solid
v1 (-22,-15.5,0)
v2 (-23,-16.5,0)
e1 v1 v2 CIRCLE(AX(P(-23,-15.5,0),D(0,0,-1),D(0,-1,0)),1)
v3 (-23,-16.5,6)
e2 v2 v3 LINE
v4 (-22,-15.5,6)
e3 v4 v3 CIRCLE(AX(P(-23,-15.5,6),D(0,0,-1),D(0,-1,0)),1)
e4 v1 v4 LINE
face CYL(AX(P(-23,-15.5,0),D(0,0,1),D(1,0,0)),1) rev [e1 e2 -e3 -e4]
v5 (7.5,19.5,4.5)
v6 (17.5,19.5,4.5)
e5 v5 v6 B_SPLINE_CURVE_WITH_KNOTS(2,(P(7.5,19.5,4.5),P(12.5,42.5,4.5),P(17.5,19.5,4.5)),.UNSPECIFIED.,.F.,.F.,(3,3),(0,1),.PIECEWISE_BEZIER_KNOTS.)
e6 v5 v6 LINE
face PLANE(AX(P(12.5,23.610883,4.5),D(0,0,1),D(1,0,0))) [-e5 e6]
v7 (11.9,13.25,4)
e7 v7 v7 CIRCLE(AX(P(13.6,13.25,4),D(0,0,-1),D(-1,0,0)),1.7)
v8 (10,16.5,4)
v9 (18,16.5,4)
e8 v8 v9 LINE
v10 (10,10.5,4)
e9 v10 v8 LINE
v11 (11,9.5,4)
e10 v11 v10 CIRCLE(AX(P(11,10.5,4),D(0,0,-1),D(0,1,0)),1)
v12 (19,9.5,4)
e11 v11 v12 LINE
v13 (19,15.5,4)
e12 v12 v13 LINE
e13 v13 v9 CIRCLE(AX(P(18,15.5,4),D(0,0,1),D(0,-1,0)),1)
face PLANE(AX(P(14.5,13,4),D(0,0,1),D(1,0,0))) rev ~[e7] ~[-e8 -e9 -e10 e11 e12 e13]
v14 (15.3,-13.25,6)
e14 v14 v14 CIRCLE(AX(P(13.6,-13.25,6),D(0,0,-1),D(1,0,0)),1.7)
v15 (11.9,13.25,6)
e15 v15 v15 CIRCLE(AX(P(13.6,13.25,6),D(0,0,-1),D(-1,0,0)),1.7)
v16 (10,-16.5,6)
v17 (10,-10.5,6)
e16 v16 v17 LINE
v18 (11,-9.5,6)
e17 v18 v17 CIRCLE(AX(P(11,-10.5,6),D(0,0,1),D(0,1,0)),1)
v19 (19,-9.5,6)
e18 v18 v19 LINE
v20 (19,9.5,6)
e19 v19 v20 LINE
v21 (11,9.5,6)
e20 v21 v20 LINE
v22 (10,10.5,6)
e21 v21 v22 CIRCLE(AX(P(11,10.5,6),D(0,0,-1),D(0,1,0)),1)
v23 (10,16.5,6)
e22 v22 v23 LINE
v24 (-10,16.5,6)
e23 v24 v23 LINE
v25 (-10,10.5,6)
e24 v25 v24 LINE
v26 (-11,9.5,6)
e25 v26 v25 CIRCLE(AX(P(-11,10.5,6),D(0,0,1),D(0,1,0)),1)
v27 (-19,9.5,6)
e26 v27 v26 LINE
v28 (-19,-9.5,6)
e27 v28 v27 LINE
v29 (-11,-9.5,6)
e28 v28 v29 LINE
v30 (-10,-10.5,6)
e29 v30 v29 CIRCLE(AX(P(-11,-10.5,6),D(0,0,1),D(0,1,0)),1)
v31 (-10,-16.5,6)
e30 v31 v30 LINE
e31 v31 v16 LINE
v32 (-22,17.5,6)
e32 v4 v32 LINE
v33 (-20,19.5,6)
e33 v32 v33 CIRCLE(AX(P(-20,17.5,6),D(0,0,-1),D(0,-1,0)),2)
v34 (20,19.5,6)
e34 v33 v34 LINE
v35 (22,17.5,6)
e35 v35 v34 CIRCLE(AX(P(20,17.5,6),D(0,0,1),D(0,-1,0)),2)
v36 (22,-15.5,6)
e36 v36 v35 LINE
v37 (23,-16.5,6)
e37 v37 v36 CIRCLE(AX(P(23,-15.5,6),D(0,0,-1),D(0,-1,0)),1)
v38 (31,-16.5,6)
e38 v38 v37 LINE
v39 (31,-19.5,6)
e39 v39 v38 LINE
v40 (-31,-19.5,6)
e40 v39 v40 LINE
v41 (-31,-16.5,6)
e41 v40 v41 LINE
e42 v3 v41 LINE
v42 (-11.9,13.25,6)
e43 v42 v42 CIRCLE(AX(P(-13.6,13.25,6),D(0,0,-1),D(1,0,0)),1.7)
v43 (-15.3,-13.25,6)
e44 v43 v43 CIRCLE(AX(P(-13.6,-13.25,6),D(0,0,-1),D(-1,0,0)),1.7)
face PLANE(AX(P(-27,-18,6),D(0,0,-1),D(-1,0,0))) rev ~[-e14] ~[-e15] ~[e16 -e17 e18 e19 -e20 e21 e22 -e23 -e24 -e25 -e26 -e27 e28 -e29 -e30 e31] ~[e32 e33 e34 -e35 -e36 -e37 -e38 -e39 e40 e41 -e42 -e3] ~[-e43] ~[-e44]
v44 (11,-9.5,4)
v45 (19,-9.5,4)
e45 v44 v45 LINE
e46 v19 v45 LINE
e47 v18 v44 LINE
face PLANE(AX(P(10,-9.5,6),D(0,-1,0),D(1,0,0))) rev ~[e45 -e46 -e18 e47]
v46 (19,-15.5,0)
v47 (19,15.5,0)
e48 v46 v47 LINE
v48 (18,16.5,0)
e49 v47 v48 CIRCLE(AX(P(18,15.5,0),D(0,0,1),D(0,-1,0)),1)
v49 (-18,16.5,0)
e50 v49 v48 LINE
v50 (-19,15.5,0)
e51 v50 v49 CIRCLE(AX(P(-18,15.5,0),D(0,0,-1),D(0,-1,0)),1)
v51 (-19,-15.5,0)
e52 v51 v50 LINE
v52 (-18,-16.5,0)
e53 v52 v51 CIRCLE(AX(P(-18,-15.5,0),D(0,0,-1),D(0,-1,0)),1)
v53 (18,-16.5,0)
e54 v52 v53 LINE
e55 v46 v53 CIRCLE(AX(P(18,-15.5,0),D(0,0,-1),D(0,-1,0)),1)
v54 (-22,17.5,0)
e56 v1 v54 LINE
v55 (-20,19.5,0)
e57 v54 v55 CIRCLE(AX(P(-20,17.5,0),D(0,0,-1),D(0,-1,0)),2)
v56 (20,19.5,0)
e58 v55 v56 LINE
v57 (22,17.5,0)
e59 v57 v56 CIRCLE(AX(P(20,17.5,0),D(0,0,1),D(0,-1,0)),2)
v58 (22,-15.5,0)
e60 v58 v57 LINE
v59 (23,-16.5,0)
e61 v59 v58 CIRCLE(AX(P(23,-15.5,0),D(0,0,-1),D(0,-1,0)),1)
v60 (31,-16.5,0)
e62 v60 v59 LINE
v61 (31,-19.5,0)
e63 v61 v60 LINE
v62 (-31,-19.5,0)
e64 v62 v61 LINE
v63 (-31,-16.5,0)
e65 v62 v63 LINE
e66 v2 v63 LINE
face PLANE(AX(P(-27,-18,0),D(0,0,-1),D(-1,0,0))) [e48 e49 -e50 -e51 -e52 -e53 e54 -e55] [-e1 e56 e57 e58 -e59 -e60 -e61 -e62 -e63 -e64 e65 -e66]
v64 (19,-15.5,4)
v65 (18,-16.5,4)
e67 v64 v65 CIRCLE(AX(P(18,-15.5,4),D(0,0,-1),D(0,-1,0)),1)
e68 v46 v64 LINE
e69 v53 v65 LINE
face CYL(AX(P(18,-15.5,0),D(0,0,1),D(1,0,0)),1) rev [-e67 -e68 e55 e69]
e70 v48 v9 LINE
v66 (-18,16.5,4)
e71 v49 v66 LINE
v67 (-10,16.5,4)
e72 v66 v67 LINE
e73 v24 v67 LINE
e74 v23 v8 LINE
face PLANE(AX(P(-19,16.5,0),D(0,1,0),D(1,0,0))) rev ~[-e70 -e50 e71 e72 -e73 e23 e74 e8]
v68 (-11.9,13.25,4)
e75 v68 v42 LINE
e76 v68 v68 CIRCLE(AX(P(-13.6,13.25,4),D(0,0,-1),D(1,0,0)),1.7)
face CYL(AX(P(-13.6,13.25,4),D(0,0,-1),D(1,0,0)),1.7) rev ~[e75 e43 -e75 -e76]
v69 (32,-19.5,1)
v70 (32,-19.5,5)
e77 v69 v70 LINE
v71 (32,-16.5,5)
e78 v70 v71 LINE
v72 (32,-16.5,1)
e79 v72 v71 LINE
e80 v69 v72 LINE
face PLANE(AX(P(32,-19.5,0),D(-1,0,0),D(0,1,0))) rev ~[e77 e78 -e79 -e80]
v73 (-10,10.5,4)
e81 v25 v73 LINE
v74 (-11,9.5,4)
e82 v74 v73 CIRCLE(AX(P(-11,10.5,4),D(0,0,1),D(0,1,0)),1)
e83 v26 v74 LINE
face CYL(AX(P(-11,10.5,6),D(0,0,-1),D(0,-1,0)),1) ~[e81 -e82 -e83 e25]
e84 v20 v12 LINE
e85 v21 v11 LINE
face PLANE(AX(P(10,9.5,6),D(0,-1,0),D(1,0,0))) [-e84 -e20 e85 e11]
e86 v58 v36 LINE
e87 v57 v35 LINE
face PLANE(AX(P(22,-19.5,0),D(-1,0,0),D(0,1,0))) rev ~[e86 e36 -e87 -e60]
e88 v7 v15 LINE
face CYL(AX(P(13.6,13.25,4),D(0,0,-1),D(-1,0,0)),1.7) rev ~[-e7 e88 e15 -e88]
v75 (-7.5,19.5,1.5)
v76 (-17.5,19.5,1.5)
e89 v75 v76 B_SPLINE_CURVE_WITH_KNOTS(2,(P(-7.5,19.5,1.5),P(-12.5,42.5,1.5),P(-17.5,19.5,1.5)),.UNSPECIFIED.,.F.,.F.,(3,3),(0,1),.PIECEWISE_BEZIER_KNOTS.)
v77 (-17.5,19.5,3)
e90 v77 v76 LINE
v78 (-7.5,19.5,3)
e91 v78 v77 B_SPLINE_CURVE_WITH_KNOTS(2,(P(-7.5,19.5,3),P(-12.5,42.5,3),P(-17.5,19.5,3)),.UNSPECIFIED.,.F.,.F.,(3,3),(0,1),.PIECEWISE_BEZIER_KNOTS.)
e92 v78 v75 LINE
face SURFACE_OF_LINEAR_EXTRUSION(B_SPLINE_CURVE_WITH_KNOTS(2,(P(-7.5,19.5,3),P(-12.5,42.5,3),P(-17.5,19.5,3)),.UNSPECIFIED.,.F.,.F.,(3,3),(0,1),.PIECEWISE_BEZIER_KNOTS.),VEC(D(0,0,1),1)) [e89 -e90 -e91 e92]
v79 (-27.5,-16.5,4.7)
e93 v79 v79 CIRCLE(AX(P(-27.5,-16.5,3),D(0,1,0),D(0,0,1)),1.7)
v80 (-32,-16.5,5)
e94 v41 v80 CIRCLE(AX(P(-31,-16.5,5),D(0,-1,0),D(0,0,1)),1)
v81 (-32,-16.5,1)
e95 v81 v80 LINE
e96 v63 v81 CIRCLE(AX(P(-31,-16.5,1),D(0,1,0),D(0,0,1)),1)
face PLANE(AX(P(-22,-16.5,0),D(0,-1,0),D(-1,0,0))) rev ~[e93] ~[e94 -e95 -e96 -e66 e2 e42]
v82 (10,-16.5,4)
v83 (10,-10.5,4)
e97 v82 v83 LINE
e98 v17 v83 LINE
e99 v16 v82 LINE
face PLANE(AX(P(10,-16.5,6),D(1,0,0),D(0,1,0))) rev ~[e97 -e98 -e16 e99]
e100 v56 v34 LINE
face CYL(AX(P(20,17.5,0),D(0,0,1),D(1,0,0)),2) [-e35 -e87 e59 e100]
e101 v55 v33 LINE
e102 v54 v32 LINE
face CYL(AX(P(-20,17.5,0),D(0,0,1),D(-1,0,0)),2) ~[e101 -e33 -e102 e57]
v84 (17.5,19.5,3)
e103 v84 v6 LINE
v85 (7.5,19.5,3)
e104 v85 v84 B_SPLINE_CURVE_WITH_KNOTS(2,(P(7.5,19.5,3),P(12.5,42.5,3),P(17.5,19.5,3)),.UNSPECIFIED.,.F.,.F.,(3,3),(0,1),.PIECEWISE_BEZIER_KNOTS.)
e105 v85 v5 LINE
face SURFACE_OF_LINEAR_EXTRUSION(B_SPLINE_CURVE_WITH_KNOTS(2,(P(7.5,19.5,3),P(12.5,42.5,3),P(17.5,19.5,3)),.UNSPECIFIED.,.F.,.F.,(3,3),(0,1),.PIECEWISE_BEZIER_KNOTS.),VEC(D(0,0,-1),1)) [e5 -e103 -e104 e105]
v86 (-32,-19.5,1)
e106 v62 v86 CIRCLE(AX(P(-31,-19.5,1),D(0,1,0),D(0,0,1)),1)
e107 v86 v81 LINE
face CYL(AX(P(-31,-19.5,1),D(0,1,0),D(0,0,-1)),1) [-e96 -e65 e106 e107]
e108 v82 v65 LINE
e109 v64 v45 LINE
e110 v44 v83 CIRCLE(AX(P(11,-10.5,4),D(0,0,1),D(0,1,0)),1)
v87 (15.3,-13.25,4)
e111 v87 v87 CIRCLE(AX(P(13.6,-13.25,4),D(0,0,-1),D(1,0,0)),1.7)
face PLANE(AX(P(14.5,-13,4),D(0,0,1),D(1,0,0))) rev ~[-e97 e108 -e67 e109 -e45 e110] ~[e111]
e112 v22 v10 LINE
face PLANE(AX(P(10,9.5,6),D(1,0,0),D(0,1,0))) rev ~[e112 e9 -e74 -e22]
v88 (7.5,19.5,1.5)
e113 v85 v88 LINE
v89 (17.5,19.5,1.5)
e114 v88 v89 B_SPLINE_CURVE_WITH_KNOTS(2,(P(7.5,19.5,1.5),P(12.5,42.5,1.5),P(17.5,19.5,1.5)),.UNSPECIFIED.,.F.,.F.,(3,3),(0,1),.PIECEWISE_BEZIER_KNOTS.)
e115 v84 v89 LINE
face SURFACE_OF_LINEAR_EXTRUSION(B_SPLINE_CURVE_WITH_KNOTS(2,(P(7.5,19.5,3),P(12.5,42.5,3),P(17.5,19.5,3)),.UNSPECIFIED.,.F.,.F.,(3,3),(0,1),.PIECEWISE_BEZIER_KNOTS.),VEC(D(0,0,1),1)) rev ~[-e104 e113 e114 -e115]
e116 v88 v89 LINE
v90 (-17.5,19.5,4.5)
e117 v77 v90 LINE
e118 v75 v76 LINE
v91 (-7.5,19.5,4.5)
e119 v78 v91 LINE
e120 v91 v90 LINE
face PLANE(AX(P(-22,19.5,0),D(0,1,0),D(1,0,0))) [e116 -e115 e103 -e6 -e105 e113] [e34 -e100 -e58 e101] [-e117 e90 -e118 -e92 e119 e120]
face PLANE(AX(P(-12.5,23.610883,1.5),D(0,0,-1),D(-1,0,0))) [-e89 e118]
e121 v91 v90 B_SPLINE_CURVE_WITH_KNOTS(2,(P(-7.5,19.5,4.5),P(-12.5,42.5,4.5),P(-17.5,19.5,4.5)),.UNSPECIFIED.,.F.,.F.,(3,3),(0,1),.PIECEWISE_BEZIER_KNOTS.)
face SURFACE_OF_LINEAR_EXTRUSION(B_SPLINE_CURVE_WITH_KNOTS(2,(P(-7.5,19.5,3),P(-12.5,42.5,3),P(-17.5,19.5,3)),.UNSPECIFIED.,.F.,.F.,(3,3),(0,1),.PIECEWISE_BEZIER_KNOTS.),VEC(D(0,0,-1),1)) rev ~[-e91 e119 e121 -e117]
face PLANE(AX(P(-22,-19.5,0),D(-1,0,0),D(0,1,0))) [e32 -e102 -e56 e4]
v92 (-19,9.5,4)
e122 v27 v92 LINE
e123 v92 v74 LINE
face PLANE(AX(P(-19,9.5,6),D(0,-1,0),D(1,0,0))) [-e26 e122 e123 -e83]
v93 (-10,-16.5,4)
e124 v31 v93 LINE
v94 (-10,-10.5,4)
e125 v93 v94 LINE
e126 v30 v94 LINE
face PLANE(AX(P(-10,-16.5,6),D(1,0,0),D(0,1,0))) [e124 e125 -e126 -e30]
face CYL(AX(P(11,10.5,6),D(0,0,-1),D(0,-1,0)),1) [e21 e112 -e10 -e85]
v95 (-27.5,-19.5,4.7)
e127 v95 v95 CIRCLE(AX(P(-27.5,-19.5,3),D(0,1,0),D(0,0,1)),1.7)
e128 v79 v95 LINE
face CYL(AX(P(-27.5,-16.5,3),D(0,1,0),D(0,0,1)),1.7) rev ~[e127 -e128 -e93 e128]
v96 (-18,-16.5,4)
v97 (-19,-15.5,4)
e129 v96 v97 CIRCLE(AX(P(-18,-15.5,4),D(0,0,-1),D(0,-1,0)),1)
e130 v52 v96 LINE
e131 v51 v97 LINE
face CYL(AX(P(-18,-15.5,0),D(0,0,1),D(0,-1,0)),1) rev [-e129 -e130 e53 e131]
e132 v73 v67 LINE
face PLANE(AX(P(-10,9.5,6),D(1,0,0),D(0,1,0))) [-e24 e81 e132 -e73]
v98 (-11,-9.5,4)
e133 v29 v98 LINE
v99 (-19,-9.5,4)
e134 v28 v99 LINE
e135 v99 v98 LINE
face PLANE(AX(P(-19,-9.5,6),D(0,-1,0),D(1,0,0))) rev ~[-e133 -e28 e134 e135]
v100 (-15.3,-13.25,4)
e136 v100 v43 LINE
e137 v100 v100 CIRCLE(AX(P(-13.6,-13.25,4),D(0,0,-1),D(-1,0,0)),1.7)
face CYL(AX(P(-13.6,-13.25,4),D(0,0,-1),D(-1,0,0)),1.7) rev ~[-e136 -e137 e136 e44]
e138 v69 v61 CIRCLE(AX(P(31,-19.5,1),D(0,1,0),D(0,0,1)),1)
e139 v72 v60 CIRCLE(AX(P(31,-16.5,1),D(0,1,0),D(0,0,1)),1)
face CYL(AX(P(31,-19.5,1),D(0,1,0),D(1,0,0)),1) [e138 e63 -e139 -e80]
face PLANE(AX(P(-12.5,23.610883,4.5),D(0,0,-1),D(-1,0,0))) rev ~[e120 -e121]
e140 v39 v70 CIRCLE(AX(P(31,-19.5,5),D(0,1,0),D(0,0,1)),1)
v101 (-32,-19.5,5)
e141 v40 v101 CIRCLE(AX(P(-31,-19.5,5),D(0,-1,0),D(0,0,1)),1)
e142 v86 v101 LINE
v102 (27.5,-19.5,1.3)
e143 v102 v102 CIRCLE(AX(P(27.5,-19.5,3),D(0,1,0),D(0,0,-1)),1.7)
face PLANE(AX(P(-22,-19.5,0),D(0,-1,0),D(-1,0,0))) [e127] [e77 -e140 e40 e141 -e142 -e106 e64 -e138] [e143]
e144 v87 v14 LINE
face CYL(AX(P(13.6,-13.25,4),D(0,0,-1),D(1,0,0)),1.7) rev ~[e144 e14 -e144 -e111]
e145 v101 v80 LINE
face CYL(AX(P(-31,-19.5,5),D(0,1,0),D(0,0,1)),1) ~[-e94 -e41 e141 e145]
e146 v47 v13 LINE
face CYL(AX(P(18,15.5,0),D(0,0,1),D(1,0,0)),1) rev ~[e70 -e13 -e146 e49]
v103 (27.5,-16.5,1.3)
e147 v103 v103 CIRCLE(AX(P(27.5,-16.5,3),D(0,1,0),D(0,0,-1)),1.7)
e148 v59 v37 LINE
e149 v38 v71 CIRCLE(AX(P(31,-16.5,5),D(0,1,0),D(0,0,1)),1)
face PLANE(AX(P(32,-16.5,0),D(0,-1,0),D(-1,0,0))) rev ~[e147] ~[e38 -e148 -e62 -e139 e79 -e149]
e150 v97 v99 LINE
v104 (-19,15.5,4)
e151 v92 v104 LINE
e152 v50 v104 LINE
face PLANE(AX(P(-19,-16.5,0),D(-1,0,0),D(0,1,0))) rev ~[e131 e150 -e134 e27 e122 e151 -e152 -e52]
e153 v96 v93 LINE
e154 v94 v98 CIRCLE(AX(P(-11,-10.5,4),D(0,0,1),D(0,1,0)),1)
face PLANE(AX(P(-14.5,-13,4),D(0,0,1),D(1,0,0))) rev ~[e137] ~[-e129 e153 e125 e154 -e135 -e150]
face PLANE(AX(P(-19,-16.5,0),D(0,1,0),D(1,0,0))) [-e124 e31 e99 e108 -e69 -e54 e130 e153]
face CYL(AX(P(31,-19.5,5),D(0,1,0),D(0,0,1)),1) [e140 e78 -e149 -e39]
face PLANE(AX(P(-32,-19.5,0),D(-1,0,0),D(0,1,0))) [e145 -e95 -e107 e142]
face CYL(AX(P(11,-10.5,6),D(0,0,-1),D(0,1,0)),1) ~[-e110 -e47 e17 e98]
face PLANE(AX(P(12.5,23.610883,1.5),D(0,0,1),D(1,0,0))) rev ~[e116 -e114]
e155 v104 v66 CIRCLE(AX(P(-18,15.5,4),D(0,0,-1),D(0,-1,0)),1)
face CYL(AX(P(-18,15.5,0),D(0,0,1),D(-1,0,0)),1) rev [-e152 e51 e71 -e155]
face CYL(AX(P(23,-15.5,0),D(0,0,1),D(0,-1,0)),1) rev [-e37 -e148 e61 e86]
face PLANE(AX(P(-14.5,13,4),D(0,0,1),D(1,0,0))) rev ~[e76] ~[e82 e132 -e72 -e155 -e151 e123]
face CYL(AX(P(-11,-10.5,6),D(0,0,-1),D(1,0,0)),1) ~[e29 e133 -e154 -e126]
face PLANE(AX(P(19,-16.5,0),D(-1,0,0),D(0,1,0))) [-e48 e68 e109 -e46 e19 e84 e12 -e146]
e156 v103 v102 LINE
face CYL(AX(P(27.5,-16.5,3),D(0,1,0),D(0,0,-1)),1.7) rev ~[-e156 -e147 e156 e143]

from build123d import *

# Parameters (mm, degrees)
SKETCH_1_W          = 44
SKETCH_1_H          = 39
SKETCH_1_W_2        = 38
SKETCH_1_H_2        = 33
EXTRUDE_1_DEPTH     = 6
SKETCH_2_W          = 9
SKETCH_2_H          = 7
EXTRUDE_2_DEPTH     = 2
SKETCH_3_R          = 1.7
CUT_EXTRUDE_1_DEPTH = 30.669007398
EXTRUDE_3_DEPTH     = 1.5
SKETCH_5_W          = 10
SKETCH_5_H          = 3
EXTRUDE_4_DEPTH     = 6
FILLET_3_R          = 1
FILLET_4_R          = 2
SKETCH_6_R          = 1.7
CUT_EXTRUDE_2_DEPTH = 3


with BuildPart() as part:
    # 草图1 → 凸台-拉伸1 (new body)
    with BuildSketch(Plane.XY):
        Rectangle(SKETCH_1_W, SKETCH_1_H)
        Rectangle(SKETCH_1_W_2, SKETCH_1_H_2, mode=Mode.SUBTRACT)
    extrude(amount=EXTRUDE_1_DEPTH)

    # 草图2 → 凸台-拉伸2 (add)
    with BuildSketch(Plane.XY.offset(6)):
        with Locations((14.5, 13)):
            Rectangle(SKETCH_2_W, SKETCH_2_H)
        with Locations((-14.5, 13)):
            Rectangle(SKETCH_2_W, SKETCH_2_H)
        with Locations((-14.5, -13)):
            Rectangle(SKETCH_2_W, SKETCH_2_H)
        with Locations((14.5, -13)):
            Rectangle(SKETCH_2_W, SKETCH_2_H)
    extrude(amount=-EXTRUDE_2_DEPTH)

    # 草图3 → 切除-拉伸1 (cut, through all)
    with BuildSketch(Plane(origin=(0, 0, 4), x_dir=(-1, 0, 0), z_dir=(0, 0, -1))):
        with Locations((-13.6, 13.25)):
            Circle(SKETCH_3_R)
        with Locations(Location((13.6, 13.25, 0), (0, 0, 180))):
            Circle(SKETCH_3_R)
        with Locations((13.6, -13.25)):
            Circle(SKETCH_3_R)
        with Locations(Location((-13.6, -13.25, 0), (0, 0, 180))):
            Circle(SKETCH_3_R)
    extrude(amount=-CUT_EXTRUDE_1_DEPTH, mode=Mode.SUBTRACT)

    # 草图4 → 凸台-拉伸3 (add, symmetric)
    with BuildSketch(Plane(origin=(0, 0, 3), x_dir=(-1, 0, 0), z_dir=(0, 0, -1))):
        with BuildLine():
            Line((7.5, 19.5), (17.5, 19.5))
            add(Edge.make_bspline(
                [(7.5, 19.5), (12.5, 42.5), (17.5, 19.5)],
                knots=[0, 0, 0, 1, 1, 1], degree=2))
        make_face()
        with BuildLine():
            Line((-7.5, 19.5), (-17.5, 19.5))
            add(Edge.make_bspline(
                [(-7.5, 19.5), (-12.5, 42.5), (-17.5, 19.5)],
                knots=[0, 0, 0, 1, 1, 1], degree=2))
        make_face()
    extrude(amount=EXTRUDE_3_DEPTH, both=True)

    # 草图5 → 凸台-拉伸4 (add)
    with BuildSketch(Plane(origin=(0, 0, 0), x_dir=(-1, 0, 0), z_dir=(0, 0, -1))):
        with Locations((27, -18)):
            Rectangle(SKETCH_5_W, SKETCH_5_H)
        with Locations((-27, -18)):
            Rectangle(SKETCH_5_W, SKETCH_5_H)
    extrude(amount=-EXTRUDE_4_DEPTH)

    # 圆角3
    fillet_3_edges = [part.edges().sort_by_distance(p)[0] for p in [
        (-22, -16.5, 3),
        (-32, -18, 0),
        (-32, -18, 6),
        (22, -16.5, 3),
        (32, -18, 0),
        (32, -18, 6),
        (19, 16.5, 2),
        (10, 9.5, 5),
        (-19, 16.5, 2),
        (-10, 9.5, 5),
        (-19, -16.5, 2),
        (-10, -9.5, 5),
        (19, -16.5, 2),
        (10, -9.5, 5),
    ]]
    fillet(fillet_3_edges, radius=FILLET_3_R)

    # 圆角4
    fillet_4_edges = [part.edges().sort_by_distance(p)[0] for p in [
        (-22, 19.5, 3),
        (22, 19.5, 3),
    ]]
    fillet(fillet_4_edges, radius=FILLET_4_R)

    # 草图6 → 切除-拉伸2 (cut)
    with BuildSketch(Plane(origin=(0, -16.5, 0), x_dir=(1, 0, 0), z_dir=(0, 1, 0))):
        with Locations(Location((-27.5, -3, 0), (0, 0, 270))):
            Circle(SKETCH_6_R)
        with Locations(Location((27.5, -3, 0), (0, 0, 90))):
            Circle(SKETCH_6_R)
    extrude(amount=-CUT_EXTRUDE_2_DEPTH, mode=Mode.SUBTRACT)


solid = part.part
